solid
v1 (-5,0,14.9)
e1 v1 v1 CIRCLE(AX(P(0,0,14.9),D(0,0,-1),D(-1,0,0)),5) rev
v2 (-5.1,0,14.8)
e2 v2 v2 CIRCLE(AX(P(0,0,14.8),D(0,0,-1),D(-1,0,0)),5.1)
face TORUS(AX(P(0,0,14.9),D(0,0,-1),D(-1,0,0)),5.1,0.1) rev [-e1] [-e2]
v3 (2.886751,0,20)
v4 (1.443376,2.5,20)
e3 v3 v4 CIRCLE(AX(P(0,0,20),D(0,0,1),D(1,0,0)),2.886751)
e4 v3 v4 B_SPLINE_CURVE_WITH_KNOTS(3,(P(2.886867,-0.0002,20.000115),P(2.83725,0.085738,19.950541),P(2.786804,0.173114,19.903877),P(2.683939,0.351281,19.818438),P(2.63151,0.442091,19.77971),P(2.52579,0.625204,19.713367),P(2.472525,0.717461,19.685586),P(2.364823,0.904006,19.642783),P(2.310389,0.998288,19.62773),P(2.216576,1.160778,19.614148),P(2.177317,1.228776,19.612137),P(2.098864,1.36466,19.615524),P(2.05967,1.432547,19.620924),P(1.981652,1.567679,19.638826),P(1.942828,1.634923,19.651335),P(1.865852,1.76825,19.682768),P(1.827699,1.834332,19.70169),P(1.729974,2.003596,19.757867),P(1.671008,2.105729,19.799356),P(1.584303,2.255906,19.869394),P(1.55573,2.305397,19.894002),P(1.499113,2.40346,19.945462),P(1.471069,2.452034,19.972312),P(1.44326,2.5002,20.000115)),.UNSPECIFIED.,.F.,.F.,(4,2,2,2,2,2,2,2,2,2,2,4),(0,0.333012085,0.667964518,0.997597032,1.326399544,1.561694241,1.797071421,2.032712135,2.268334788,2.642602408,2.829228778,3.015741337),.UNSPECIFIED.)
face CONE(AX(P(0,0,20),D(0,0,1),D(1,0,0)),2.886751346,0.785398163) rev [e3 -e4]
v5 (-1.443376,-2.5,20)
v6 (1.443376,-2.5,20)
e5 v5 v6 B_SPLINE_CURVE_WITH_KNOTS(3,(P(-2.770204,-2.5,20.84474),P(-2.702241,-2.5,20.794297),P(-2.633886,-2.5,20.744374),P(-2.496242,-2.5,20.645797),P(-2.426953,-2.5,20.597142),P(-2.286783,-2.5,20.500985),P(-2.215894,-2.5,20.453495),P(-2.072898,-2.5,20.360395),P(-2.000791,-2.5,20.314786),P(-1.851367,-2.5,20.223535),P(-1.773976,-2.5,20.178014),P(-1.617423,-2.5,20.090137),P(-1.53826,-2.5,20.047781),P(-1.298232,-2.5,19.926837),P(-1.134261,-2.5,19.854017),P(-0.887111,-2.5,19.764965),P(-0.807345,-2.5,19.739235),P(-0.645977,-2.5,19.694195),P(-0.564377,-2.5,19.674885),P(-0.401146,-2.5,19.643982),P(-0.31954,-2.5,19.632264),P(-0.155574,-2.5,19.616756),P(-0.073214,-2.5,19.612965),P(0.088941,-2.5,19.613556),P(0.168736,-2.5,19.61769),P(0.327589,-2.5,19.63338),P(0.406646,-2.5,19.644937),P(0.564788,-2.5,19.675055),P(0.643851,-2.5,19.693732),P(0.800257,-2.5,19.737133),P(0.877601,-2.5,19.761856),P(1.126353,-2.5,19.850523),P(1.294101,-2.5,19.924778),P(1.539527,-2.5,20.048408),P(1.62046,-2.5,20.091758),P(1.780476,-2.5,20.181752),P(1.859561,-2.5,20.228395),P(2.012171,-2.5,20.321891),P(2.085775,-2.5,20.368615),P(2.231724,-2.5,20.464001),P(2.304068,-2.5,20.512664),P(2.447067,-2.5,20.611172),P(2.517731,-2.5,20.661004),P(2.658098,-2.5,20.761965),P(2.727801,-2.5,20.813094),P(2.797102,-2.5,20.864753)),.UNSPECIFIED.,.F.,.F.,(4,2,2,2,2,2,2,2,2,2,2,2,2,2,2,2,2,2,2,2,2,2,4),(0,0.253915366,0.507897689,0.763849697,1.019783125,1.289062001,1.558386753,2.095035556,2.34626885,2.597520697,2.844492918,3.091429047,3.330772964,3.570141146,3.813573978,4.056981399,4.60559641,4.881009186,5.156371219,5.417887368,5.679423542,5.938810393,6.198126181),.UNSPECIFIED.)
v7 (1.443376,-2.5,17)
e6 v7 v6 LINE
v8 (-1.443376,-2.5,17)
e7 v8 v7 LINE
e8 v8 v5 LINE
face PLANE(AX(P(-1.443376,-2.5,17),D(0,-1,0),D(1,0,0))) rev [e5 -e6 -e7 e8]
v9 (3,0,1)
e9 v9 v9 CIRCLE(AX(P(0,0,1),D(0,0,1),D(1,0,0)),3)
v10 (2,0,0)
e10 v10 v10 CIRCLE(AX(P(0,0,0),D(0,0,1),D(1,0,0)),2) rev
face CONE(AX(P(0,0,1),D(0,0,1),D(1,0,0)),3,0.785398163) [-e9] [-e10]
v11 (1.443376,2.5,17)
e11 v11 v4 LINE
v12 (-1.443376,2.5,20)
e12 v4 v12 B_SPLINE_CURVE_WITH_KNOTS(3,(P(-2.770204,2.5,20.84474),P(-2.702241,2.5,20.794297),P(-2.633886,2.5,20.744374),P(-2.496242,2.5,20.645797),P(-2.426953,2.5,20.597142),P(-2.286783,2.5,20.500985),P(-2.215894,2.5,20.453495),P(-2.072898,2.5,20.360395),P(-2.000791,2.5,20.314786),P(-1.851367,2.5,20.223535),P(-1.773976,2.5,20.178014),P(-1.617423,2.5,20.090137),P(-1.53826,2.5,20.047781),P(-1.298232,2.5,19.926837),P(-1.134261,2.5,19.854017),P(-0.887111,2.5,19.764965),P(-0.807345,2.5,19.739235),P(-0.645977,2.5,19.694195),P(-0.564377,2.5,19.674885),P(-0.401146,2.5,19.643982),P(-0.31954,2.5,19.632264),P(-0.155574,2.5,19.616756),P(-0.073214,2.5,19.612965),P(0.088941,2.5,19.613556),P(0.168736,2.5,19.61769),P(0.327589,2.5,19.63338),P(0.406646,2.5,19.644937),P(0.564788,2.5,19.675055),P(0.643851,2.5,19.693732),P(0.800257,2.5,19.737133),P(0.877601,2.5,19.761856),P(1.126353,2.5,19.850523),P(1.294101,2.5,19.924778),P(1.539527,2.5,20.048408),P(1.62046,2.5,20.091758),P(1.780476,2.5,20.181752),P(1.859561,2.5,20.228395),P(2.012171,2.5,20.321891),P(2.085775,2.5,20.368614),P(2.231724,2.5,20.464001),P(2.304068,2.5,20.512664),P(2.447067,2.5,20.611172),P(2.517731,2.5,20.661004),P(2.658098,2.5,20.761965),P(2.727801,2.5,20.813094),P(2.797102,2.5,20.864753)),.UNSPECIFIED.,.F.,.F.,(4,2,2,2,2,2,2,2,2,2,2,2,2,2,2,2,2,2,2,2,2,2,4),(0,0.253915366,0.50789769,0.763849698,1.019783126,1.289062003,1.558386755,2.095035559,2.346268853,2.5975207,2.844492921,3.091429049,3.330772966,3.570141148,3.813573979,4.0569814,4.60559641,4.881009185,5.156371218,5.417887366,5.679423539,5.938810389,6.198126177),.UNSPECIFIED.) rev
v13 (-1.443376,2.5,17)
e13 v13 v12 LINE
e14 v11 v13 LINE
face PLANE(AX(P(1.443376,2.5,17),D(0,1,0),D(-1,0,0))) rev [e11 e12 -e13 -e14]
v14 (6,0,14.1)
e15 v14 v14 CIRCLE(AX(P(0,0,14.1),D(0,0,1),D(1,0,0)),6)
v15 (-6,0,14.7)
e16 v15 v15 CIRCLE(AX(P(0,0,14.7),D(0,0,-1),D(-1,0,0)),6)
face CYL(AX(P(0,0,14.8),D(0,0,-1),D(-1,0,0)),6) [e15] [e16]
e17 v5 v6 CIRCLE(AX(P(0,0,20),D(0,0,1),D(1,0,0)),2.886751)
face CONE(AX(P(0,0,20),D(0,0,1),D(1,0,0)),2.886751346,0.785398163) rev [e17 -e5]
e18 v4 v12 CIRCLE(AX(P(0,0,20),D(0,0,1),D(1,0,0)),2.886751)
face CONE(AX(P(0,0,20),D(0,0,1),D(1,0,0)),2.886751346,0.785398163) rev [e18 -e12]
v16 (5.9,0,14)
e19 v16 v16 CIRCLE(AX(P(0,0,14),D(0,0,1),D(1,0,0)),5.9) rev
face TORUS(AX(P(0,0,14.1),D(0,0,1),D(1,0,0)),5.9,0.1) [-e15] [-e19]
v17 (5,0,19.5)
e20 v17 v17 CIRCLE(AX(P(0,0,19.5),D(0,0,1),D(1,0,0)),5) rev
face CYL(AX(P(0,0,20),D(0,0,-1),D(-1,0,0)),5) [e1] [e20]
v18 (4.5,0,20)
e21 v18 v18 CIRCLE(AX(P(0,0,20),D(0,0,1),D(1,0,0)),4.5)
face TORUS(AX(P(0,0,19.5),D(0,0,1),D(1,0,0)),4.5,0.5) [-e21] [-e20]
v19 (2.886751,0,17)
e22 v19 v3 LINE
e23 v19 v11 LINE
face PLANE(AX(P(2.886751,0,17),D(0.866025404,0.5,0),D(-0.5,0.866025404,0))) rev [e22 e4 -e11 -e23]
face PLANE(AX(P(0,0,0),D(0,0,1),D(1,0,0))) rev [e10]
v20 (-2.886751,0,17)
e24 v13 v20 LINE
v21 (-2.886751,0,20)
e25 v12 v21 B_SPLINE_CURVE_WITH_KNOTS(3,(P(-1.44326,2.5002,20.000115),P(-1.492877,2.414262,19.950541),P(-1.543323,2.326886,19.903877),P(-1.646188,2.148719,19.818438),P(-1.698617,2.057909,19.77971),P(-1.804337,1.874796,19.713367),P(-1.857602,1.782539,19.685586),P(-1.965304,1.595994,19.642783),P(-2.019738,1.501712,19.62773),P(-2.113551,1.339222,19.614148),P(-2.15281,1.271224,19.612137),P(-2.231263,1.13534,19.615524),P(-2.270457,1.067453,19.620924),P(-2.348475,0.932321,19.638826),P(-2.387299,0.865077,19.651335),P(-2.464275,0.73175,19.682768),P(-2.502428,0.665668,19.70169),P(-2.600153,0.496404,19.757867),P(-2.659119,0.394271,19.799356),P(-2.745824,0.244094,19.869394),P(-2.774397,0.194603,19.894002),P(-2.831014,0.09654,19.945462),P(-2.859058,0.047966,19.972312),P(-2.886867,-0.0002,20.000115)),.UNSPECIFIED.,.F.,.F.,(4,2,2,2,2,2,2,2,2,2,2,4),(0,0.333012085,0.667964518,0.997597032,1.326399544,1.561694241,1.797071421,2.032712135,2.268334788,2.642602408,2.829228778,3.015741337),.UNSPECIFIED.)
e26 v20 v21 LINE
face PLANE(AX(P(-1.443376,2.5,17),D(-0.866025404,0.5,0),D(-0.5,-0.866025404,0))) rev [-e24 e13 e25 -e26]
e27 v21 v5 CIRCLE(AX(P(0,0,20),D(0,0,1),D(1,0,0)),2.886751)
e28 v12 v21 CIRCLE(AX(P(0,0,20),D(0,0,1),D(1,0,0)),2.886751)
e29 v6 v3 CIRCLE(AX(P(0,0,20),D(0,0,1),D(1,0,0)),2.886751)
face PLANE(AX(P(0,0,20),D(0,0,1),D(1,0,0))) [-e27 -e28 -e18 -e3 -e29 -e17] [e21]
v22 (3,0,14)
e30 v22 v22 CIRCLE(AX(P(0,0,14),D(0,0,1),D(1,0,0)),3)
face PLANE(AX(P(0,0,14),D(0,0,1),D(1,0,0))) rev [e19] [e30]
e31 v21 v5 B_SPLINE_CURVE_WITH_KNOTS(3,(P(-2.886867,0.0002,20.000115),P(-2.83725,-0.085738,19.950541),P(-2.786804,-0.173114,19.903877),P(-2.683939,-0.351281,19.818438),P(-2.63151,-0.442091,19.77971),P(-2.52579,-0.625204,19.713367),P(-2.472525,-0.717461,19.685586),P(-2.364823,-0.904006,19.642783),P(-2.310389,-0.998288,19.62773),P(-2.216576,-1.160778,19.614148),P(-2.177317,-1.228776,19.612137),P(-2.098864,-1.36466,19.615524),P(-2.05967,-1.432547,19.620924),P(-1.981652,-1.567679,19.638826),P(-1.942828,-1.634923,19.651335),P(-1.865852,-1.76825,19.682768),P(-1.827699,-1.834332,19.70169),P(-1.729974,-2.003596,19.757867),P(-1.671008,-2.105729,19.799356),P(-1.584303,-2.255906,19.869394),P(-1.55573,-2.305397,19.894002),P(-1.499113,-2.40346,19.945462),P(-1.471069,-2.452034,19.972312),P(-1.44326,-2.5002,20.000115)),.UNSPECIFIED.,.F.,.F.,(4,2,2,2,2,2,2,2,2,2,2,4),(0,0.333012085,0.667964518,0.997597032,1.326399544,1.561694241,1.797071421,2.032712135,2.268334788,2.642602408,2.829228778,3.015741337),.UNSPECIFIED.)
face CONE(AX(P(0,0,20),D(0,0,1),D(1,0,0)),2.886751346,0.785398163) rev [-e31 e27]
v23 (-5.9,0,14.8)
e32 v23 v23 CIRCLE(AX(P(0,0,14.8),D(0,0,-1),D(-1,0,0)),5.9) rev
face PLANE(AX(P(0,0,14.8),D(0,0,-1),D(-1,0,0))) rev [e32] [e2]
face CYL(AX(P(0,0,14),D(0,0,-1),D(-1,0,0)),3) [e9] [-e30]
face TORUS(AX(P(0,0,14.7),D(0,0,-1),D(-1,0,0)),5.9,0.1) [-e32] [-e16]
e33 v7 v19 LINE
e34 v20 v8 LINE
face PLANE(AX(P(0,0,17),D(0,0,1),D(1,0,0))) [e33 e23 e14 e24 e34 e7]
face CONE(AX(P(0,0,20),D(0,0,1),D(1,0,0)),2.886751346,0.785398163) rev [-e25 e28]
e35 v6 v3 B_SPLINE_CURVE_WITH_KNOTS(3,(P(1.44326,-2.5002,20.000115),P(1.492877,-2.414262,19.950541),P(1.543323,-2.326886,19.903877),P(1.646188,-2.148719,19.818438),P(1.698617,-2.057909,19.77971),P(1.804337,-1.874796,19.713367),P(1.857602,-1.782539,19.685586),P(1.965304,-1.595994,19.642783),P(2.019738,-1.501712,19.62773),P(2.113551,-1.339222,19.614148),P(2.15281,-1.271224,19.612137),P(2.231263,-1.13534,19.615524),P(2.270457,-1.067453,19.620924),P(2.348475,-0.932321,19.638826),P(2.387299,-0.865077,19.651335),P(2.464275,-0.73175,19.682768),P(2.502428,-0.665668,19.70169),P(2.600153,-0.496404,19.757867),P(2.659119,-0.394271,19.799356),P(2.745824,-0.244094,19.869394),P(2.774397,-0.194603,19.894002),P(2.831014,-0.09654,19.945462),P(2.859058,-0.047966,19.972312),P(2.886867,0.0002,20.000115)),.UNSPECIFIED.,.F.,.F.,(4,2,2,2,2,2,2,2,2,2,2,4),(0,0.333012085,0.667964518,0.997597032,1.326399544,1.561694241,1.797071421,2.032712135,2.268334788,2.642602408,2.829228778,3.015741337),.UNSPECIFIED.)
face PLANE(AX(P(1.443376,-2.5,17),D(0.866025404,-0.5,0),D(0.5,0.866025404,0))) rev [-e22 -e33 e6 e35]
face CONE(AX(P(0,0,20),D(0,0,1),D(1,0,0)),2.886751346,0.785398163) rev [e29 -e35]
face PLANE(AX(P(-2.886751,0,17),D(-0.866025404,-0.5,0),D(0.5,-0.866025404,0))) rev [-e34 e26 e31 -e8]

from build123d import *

# Parameters (mm, degrees)
SCHIZZO1_R                   = 3
ESTRUSIONE_ESTRUSIONE1_DEPTH = 14
SMUSSO1_SIZE                 = 1
SCHIZZO6_R                   = 5
ESTRUSIONE_ESTRUSIONE3_DEPTH = 6
TAGLIO_ESTRUSIONE3_DEPTH     = 3
SCHIZZO8_R                   = 2.886751346
TAGLIO_ESTRUSIONE4_DEPTH     = 1
TAGLIO_ESTRUSIONE4_TAPER     = 45
RACCORDO1_R                  = 0.5
SCHIZZO9_R                   = 6
SCHIZZO9_R_2                 = 5
ESTRUSIONE_ESTRUSIONE4_DEPTH = 0.8
RACCORDO3_R                  = 0.1


with BuildPart() as part:
    # Schizzo1 → Estrusione-Estrusione1 (new body)
    with BuildSketch(Plane.XY):
        Circle(SCHIZZO1_R)
    extrude(amount=ESTRUSIONE_ESTRUSIONE1_DEPTH)

    # Smusso1
    smusso1_edges = [part.edges().sort_by_distance(p)[0] for p in [
        (-3, 0, 0),
    ]]
    chamfer(smusso1_edges, length=SMUSSO1_SIZE)

    # Schizzo6 → Estrusione-Estrusione3 (add)
    with BuildSketch(Plane.XY.offset(14)):
        Circle(SCHIZZO6_R)
    extrude(amount=ESTRUSIONE_ESTRUSIONE3_DEPTH)

    # Schizzo7 → Taglio-Estrusione3 (cut)
    with BuildSketch(Plane.XY.offset(20)):
        Polygon((1.443375673, 2.5), (-1.443375673, 2.5), (-2.886751346, 0), (-1.443375673, -2.5), (1.443375673, -2.5), (2.886751346, 0), align=None)
    extrude(amount=-TAGLIO_ESTRUSIONE3_DEPTH, mode=Mode.SUBTRACT)

    # Schizzo8 → Taglio-Estrusione4 (cut)
    with BuildSketch(Plane.XY.offset(20)):
        Circle(SCHIZZO8_R)
    extrude(amount=-TAGLIO_ESTRUSIONE4_DEPTH, taper=TAGLIO_ESTRUSIONE4_TAPER, mode=Mode.SUBTRACT)

    # Raccordo1
    raccordo1_edges = [part.edges().sort_by_distance(p)[0] for p in [
        (-5, 0, 20),
    ]]
    fillet(raccordo1_edges, radius=RACCORDO1_R)

    # Schizzo9 → Estrusione-Estrusione4 (add)
    with BuildSketch(Plane(origin=(0, 0, 14), x_dir=(-1, 0, 0), z_dir=(0, 0, -1))):
        Circle(SCHIZZO9_R)
        Circle(SCHIZZO9_R_2, mode=Mode.SUBTRACT)
    extrude(amount=-ESTRUSIONE_ESTRUSIONE4_DEPTH)

    # Raccordo3
    raccordo3_edges = [part.edges().sort_by_distance(p)[0] for p in [
        (-5, 0, 14.8),
        (6, 0, 14.8),
        (6, 0, 14),
    ]]
    fillet(raccordo3_edges, radius=RACCORDO3_R)


solid = part.part
